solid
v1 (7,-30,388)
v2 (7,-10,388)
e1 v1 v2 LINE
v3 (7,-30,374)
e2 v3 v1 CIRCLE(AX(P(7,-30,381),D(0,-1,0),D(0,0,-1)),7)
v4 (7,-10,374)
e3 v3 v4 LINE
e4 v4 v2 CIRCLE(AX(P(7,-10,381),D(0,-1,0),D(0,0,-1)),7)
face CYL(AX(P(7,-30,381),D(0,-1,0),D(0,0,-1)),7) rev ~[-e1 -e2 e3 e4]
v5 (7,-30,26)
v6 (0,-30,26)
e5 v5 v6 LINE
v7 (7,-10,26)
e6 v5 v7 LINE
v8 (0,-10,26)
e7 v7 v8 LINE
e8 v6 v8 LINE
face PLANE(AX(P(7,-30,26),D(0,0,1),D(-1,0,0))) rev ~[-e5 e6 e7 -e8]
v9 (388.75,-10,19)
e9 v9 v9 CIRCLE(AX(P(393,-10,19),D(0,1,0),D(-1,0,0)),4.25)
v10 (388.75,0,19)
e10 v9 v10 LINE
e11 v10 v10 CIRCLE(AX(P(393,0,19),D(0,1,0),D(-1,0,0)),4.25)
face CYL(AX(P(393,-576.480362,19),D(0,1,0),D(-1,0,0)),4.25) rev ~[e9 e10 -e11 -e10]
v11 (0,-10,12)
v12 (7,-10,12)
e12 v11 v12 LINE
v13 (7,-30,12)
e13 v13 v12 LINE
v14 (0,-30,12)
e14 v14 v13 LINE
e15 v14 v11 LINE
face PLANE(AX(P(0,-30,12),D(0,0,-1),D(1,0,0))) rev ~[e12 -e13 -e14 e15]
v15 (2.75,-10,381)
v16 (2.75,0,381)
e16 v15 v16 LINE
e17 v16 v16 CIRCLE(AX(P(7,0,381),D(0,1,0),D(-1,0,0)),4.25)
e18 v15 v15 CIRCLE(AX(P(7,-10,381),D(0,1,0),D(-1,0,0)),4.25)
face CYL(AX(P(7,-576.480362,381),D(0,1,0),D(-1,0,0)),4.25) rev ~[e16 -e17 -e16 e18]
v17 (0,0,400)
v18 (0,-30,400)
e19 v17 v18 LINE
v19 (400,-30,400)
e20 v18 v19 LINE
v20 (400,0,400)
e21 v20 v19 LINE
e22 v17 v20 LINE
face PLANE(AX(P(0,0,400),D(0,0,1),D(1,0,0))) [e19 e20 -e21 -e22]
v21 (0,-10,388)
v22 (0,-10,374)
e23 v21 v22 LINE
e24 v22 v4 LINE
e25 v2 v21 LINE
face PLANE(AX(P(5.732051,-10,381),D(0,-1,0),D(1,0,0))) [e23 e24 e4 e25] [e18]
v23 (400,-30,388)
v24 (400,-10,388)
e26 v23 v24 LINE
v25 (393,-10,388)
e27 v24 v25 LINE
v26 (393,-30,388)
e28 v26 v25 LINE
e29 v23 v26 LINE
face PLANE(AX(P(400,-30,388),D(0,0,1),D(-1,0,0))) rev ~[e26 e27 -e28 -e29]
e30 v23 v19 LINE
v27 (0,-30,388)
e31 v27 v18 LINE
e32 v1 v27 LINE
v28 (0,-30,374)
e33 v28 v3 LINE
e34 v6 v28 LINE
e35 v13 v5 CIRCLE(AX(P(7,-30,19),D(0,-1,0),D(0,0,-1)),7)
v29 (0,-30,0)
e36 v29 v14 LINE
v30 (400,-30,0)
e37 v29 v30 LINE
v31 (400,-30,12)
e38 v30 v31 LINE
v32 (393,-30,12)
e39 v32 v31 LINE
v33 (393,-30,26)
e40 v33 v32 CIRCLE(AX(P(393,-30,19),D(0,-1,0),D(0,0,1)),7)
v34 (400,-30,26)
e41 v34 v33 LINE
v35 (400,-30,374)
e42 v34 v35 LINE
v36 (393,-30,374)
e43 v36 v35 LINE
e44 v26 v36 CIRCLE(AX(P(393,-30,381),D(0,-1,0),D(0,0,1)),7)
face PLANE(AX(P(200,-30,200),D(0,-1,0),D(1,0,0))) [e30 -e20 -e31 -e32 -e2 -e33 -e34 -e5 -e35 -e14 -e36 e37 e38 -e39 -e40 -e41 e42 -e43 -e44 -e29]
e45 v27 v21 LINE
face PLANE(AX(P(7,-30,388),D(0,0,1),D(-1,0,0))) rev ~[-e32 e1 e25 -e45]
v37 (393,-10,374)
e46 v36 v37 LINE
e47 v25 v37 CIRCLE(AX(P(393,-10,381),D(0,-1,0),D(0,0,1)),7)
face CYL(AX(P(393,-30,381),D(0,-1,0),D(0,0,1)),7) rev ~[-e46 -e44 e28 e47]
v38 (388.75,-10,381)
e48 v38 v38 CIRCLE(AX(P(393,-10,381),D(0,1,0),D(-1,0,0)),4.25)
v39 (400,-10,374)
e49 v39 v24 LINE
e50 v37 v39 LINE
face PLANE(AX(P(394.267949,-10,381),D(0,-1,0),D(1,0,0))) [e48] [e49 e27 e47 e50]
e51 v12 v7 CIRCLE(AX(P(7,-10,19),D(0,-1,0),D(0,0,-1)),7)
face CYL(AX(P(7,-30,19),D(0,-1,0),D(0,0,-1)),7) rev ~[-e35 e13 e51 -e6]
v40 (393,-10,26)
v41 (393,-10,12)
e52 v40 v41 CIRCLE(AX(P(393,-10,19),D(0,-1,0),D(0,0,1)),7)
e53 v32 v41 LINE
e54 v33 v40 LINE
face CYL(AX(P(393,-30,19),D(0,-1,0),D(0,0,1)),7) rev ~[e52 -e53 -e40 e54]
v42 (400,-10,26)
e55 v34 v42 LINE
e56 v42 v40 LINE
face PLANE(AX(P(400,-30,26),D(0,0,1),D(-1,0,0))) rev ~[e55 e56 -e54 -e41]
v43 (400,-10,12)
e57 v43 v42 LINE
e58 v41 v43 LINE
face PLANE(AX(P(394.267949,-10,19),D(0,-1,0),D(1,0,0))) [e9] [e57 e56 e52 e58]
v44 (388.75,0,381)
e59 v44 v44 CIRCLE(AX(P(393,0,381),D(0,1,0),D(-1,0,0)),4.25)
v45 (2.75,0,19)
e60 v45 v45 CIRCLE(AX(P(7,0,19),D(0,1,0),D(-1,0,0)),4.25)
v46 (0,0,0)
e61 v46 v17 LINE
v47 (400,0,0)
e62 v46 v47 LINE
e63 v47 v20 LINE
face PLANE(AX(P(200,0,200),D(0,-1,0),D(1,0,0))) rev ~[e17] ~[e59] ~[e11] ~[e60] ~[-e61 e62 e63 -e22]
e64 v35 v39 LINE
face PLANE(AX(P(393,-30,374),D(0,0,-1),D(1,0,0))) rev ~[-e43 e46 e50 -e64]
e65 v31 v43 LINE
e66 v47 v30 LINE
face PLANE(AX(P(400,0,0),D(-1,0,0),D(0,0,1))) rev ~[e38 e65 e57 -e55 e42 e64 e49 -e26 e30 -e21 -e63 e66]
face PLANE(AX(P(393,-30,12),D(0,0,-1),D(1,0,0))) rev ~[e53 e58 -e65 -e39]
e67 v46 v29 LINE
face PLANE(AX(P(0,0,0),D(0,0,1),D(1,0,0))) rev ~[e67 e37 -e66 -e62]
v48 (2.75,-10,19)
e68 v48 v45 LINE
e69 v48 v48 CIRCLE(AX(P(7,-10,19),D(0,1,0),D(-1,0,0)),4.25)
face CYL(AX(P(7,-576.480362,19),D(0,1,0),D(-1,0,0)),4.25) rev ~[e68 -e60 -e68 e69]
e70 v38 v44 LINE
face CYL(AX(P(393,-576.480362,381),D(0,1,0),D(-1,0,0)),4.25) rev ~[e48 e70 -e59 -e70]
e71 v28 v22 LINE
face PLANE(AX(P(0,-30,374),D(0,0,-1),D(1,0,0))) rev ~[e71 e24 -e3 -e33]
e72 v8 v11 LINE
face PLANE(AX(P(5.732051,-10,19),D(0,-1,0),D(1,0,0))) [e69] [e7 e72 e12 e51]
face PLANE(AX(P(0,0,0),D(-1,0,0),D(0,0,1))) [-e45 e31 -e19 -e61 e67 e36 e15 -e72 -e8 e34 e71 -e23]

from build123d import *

# Parameters (mm, degrees)
F0_W     = 400
F0_H     = 400
F1_DEPTH = 30
F3_DEPTH = 20
F5_D     = 8.5


with BuildPart() as f1:
    # F0 (on Front) → F1 (new body)
    with BuildSketch(Plane.XZ):
        with Locations((200, 200)):
            Rectangle(F0_W, F0_H)
    extrude(amount=F1_DEPTH)

    # F2 (on face) → F3 (cut)
    with BuildSketch(Plane.XZ.offset(30)):
        with BuildLine():
            Line((7, 26), (0, 26))
            Line((0, 26), (0, 12))
            Line((0, 12), (7, 12))
            ThreePointArc((7, 12), (14, 19), (7, 26))
        make_face()
        with BuildLine():
            Line((393, 12), (400, 12))
            Line((400, 12), (400, 26))
            Line((400, 26), (393, 26))
            ThreePointArc((393, 26), (386, 19), (393, 12))
        make_face()
        with BuildLine():
            Line((400, 374), (400, 388))
            Line((400, 388), (393, 388))
            ThreePointArc((393, 388), (386, 381), (393, 374))
            Line((393, 374), (400, 374))
        make_face()
        with BuildLine():
            Line((0, 381), (0, 374))
            Line((0, 374), (7, 374))
            ThreePointArc((7, 374), (14, 381), (7, 388))
            Line((7, 388), (0, 388))
            Line((0, 388), (0, 381))
        make_face()
    extrude(amount=-F3_DEPTH, mode=Mode.SUBTRACT)

    # F5 (through all)
    with Locations(Plane.XZ.offset(10)):
        with Locations((7, 381), (393, 381), (393, 19), (7, 19)):
            Hole(F5_D / 2)


solid = f1.part
